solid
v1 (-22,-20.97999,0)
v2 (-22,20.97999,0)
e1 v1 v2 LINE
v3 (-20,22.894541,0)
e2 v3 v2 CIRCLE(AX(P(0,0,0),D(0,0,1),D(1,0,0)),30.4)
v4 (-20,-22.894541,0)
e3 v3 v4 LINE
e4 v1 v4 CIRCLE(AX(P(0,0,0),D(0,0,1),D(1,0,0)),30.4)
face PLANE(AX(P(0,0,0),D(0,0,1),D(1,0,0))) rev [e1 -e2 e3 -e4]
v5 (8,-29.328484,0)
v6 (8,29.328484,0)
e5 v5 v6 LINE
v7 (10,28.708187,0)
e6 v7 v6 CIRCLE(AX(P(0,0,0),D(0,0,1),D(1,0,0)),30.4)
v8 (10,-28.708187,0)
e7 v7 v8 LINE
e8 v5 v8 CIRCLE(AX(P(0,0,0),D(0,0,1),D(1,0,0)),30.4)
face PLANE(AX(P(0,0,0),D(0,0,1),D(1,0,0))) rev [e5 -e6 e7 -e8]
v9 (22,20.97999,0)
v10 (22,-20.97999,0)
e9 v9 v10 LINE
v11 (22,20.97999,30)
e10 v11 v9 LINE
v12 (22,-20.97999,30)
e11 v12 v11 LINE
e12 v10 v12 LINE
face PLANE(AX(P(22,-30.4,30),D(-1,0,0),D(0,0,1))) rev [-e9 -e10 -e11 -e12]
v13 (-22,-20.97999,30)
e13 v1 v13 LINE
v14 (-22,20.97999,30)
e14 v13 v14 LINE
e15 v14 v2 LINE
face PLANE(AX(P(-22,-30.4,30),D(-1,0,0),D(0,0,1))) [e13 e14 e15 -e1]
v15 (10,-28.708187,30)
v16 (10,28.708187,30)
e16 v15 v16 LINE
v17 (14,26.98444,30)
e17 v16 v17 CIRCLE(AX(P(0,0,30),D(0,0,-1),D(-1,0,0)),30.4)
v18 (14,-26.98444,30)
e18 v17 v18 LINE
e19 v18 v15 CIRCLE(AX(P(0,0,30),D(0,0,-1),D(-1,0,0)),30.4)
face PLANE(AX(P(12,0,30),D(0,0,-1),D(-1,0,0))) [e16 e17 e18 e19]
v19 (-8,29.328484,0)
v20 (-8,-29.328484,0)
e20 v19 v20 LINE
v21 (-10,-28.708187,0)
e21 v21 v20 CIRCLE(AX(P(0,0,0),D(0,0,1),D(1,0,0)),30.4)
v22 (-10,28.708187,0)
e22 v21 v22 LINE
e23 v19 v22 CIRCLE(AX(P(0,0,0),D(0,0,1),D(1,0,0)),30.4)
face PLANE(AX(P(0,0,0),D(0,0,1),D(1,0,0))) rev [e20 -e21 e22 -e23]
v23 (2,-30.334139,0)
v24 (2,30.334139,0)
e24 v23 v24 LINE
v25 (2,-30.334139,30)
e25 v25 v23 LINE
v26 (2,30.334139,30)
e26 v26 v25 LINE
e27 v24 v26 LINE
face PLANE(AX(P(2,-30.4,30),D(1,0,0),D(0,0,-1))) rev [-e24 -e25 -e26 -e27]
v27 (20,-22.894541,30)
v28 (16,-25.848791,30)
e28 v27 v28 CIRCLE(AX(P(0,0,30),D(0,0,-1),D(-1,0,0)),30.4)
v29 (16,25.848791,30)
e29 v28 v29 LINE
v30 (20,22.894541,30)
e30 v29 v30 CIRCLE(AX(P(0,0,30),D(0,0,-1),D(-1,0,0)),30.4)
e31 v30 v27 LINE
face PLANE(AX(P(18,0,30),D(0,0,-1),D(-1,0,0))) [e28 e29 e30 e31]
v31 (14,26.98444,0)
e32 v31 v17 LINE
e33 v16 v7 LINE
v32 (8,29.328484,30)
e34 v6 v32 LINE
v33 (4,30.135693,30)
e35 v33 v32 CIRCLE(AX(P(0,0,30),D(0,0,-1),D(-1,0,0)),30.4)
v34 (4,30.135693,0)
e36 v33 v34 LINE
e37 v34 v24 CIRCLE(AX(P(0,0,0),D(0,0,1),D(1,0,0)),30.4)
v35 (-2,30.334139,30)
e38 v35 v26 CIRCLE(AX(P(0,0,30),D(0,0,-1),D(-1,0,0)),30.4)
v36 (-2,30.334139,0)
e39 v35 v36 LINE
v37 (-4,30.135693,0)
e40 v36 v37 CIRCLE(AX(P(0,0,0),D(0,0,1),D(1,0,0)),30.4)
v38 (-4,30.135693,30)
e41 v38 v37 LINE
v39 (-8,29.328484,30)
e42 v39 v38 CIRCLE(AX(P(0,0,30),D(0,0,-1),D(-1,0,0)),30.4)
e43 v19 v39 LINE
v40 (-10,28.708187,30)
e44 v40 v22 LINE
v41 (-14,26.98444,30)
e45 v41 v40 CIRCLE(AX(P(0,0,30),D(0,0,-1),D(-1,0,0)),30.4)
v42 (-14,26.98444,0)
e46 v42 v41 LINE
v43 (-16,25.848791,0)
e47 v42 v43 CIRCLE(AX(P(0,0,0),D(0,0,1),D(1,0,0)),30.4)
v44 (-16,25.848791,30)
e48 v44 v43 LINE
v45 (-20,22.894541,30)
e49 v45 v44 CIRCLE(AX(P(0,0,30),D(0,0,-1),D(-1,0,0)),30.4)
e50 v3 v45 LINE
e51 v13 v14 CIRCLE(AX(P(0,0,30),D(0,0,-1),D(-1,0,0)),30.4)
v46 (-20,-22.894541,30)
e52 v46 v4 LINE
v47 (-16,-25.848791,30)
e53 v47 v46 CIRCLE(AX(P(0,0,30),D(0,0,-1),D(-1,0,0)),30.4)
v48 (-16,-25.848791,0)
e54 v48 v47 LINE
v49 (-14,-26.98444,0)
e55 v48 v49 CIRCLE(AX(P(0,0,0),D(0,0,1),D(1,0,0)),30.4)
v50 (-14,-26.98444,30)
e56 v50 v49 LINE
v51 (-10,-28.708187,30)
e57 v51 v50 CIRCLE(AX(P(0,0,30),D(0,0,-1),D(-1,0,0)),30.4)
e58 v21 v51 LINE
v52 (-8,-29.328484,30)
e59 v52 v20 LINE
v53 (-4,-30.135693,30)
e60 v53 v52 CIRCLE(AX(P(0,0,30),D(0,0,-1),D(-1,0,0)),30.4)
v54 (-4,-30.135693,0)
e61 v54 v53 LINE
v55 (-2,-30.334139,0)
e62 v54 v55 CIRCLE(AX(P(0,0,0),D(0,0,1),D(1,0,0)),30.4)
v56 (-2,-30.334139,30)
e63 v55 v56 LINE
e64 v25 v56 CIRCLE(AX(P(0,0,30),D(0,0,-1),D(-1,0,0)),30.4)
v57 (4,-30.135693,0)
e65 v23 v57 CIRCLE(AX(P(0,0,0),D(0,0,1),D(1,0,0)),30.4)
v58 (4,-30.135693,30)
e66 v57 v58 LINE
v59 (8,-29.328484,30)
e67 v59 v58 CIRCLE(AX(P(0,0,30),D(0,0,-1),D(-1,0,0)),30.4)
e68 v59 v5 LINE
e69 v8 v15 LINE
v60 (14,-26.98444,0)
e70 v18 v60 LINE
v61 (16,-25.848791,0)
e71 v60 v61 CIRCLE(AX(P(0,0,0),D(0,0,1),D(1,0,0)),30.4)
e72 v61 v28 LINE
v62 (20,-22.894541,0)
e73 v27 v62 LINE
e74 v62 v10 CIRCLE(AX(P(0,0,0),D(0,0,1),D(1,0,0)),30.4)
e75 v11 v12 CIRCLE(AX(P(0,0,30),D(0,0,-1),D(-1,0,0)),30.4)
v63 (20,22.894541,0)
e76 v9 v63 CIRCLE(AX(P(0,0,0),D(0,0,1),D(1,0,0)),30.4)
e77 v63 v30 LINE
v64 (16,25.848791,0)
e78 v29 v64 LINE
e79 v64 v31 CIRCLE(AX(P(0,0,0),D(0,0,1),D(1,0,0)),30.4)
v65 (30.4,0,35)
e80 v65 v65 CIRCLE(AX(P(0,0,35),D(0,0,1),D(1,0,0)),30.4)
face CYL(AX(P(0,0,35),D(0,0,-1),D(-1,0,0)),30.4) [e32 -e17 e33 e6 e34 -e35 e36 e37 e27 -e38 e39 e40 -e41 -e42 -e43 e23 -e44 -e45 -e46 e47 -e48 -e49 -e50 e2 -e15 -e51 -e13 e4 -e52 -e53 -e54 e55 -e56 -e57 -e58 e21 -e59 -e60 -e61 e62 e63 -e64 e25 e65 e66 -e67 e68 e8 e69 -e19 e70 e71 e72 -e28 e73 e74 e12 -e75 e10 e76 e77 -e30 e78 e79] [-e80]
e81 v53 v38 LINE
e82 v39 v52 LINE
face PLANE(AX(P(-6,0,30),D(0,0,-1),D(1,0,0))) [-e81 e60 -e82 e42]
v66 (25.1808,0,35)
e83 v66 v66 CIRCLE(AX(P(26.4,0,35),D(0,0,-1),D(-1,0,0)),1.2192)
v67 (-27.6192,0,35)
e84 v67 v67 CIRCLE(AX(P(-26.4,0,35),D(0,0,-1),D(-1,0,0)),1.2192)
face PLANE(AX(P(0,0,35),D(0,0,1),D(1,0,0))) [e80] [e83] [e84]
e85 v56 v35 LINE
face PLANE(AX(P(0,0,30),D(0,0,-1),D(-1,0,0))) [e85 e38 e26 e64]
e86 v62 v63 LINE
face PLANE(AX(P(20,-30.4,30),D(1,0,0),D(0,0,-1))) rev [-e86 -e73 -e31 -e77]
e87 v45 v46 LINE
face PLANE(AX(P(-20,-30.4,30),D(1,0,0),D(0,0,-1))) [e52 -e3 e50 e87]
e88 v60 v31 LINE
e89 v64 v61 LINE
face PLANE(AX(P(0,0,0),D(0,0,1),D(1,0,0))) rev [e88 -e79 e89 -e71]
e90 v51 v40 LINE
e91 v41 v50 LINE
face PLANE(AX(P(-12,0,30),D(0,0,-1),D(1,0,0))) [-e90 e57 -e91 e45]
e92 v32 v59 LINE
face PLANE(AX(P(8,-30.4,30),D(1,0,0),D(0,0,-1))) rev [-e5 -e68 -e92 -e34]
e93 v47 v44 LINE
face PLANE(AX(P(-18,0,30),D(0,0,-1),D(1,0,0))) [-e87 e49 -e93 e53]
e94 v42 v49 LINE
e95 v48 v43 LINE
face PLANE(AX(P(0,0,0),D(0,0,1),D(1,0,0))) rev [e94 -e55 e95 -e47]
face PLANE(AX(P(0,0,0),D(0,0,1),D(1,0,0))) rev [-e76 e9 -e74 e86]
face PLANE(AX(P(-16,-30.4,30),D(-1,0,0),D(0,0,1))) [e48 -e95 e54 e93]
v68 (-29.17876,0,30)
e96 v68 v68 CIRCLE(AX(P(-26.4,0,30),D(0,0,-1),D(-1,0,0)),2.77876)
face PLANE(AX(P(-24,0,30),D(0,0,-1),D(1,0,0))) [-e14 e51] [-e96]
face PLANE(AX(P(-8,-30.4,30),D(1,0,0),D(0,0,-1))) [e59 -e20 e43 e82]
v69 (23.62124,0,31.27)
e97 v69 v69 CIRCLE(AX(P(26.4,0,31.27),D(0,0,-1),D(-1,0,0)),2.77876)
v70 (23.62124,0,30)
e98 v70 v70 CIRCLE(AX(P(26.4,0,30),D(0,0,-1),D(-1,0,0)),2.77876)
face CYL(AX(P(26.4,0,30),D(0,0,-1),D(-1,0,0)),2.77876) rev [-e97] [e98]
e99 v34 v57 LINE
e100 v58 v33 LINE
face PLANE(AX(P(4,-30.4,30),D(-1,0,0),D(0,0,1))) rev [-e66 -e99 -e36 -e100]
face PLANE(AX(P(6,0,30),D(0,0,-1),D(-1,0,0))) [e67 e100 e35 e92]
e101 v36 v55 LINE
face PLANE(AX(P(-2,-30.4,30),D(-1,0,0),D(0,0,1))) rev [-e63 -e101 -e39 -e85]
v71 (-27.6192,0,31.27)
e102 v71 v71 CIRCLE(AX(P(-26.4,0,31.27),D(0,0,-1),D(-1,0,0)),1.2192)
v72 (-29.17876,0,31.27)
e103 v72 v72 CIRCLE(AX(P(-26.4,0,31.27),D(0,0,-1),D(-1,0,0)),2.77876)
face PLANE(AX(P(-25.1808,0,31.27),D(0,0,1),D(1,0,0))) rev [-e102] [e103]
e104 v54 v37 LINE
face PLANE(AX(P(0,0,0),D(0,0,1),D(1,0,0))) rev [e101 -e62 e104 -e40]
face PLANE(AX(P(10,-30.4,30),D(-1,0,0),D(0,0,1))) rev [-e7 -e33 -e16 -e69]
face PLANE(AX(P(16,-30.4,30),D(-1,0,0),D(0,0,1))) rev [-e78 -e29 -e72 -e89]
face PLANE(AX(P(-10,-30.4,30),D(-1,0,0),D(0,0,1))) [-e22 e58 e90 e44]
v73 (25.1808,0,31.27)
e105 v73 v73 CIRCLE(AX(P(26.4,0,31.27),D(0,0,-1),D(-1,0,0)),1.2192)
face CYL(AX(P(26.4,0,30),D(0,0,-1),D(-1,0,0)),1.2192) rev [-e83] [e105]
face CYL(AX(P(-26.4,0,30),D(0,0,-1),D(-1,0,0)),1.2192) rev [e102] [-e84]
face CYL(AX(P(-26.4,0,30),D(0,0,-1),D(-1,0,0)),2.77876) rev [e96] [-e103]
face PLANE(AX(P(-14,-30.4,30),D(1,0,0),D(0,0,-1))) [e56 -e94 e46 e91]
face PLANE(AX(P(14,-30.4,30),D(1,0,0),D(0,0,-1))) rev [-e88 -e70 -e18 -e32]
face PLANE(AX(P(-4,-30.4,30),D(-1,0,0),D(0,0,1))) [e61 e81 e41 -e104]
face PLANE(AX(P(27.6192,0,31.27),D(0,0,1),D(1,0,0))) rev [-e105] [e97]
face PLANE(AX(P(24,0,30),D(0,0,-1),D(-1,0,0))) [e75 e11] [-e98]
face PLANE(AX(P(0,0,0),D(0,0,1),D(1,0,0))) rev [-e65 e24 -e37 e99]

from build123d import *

# Parameters (mm, degrees)
SKETCH1_R               = 30.4
BOSS_EXTRUDE1_DEPTH     = 35
SKETCH4_W               = 4
SKETCH4_H               = 60.8
CUT_EXTRUDE1_DEPTH      = 30
LPATTERN1_COUNT         = 5
LPATTERN1_PITCH         = 6
MIRROR1_COPY_1_SKETCH_W = 4
MIRROR1_COPY_1_SKETCH_H = 60.8
MIRROR1_COPY_1_DEPTH    = 30
MIRROR1_COPY_2_SKETCH_W = 4
MIRROR1_COPY_2_SKETCH_H = 60.8
MIRROR1_COPY_2_DEPTH    = 30
MIRROR1_COPY_3_SKETCH_W = 4
MIRROR1_COPY_3_SKETCH_H = 60.8
MIRROR1_COPY_3_DEPTH    = 30
MIRROR1_COPY_4_SKETCH_W = 4
MIRROR1_COPY_4_SKETCH_H = 60.8
MIRROR1_COPY_4_DEPTH    = 30
MIRROR1_COPY_5_SKETCH_W = 4
MIRROR1_COPY_5_SKETCH_H = 60.8
MIRROR1_COPY_5_DEPTH    = 30
SKETCH9_W               = 4.4
SKETCH9_H               = 31.506189868
CUT_EXTRUDE2_DEPTH      = 30


with BuildPart() as part:
    # Sketch1 → Boss-Extrude1 (new body)
    with BuildSketch(Plane.XY):
        Circle(SKETCH1_R)
    extrude(amount=BOSS_EXTRUDE1_DEPTH)

    # Sketch4 → Cut-Extrude1 (cut)
    with BuildSketch(Plane(origin=(0, 0, 0), x_dir=(-1, 0, 0), z_dir=(0, 0, -1))):
        Rectangle(SKETCH4_W, SKETCH4_H)
    cut_extrude1 = extrude(amount=-CUT_EXTRUDE1_DEPTH, mode=Mode.SUBTRACT)

    # LPattern1: Cut-Extrude1 ×5
    with Locations(*[(i * LPATTERN1_PITCH, 0, 0) for i in range(1, LPATTERN1_COUNT)]):
        add(cut_extrude1, mode=Mode.SUBTRACT)

    # Mirror1 copy 1 sketch → Mirror1 copy 1 (cut)
    with BuildSketch(Plane(origin=(-6, 0, 0), x_dir=(1, 0, 0), z_dir=(0, 0, -1))):
        Rectangle(MIRROR1_COPY_1_SKETCH_W, MIRROR1_COPY_1_SKETCH_H)
    extrude(amount=-MIRROR1_COPY_1_DEPTH, mode=Mode.SUBTRACT)

    # Mirror1 copy 2 sketch → Mirror1 copy 2 (cut)
    with BuildSketch(Plane(origin=(-12, 0, 0), x_dir=(1, 0, 0), z_dir=(0, 0, -1))):
        Rectangle(MIRROR1_COPY_2_SKETCH_W, MIRROR1_COPY_2_SKETCH_H)
    extrude(amount=-MIRROR1_COPY_2_DEPTH, mode=Mode.SUBTRACT)

    # Mirror1 copy 3 sketch → Mirror1 copy 3 (cut)
    with BuildSketch(Plane(origin=(-18, 0, 0), x_dir=(1, 0, 0), z_dir=(0, 0, -1))):
        Rectangle(MIRROR1_COPY_3_SKETCH_W, MIRROR1_COPY_3_SKETCH_H)
    extrude(amount=-MIRROR1_COPY_3_DEPTH, mode=Mode.SUBTRACT)

    # Mirror1 copy 4 sketch → Mirror1 copy 4 (cut)
    with BuildSketch(Plane(origin=(-24, 0, 0), x_dir=(1, 0, 0), z_dir=(0, 0, -1))):
        Rectangle(MIRROR1_COPY_4_SKETCH_W, MIRROR1_COPY_4_SKETCH_H)
    extrude(amount=-MIRROR1_COPY_4_DEPTH, mode=Mode.SUBTRACT)

    # Mirror1 copy 5 sketch → Mirror1 copy 5 (cut)
    with BuildSketch(Plane(origin=(0, 0, 0), x_dir=(1, 0, 0), z_dir=(0, 0, -1))):
        Rectangle(MIRROR1_COPY_5_SKETCH_W, MIRROR1_COPY_5_SKETCH_H)
    extrude(amount=-MIRROR1_COPY_5_DEPTH, mode=Mode.SUBTRACT)

    # Sketch9 → Cut-Extrude2 (cut)
    with BuildSketch(Plane(origin=(0, 0, 0), x_dir=(-1, 0, 0), z_dir=(0, 0, -1))):
        with Locations((-28.2, 0)):
            Rectangle(SKETCH9_W, SKETCH9_H)
        with Locations((28.2, 0)):
            Rectangle(SKETCH9_W, SKETCH9_H)
    extrude(amount=-CUT_EXTRUDE2_DEPTH, mode=Mode.SUBTRACT)

    # Sketch14 → CBORE for #2 Binding Head Machine Screw2 (revolve, cut)
    with BuildSketch(Plane(origin=(26.4, 0, 30), x_dir=(0, 1, 0), z_dir=(1, 0, 0))):
        Polygon((0, 0), (0, 5.732569267), (1.2192, 5), (1.2192, 1.27), (2.77876, 1.27), (2.77876, 0), align=None)
    cbore_for_2_binding_head_machine_screw2 = revolve(axis=Axis((26.4, 0, 23.65), (0, 0, 1)), mode=Mode.SUBTRACT)

    # Mirror2: CBORE for #2 Binding Head Machine Screw2 across plane
    add(cbore_for_2_binding_head_machine_screw2.mirror(Plane(origin=(0, 0, 0), x_dir=(0, 0, 1), z_dir=(1, 0, 0))), mode=Mode.SUBTRACT)


solid = part.part
